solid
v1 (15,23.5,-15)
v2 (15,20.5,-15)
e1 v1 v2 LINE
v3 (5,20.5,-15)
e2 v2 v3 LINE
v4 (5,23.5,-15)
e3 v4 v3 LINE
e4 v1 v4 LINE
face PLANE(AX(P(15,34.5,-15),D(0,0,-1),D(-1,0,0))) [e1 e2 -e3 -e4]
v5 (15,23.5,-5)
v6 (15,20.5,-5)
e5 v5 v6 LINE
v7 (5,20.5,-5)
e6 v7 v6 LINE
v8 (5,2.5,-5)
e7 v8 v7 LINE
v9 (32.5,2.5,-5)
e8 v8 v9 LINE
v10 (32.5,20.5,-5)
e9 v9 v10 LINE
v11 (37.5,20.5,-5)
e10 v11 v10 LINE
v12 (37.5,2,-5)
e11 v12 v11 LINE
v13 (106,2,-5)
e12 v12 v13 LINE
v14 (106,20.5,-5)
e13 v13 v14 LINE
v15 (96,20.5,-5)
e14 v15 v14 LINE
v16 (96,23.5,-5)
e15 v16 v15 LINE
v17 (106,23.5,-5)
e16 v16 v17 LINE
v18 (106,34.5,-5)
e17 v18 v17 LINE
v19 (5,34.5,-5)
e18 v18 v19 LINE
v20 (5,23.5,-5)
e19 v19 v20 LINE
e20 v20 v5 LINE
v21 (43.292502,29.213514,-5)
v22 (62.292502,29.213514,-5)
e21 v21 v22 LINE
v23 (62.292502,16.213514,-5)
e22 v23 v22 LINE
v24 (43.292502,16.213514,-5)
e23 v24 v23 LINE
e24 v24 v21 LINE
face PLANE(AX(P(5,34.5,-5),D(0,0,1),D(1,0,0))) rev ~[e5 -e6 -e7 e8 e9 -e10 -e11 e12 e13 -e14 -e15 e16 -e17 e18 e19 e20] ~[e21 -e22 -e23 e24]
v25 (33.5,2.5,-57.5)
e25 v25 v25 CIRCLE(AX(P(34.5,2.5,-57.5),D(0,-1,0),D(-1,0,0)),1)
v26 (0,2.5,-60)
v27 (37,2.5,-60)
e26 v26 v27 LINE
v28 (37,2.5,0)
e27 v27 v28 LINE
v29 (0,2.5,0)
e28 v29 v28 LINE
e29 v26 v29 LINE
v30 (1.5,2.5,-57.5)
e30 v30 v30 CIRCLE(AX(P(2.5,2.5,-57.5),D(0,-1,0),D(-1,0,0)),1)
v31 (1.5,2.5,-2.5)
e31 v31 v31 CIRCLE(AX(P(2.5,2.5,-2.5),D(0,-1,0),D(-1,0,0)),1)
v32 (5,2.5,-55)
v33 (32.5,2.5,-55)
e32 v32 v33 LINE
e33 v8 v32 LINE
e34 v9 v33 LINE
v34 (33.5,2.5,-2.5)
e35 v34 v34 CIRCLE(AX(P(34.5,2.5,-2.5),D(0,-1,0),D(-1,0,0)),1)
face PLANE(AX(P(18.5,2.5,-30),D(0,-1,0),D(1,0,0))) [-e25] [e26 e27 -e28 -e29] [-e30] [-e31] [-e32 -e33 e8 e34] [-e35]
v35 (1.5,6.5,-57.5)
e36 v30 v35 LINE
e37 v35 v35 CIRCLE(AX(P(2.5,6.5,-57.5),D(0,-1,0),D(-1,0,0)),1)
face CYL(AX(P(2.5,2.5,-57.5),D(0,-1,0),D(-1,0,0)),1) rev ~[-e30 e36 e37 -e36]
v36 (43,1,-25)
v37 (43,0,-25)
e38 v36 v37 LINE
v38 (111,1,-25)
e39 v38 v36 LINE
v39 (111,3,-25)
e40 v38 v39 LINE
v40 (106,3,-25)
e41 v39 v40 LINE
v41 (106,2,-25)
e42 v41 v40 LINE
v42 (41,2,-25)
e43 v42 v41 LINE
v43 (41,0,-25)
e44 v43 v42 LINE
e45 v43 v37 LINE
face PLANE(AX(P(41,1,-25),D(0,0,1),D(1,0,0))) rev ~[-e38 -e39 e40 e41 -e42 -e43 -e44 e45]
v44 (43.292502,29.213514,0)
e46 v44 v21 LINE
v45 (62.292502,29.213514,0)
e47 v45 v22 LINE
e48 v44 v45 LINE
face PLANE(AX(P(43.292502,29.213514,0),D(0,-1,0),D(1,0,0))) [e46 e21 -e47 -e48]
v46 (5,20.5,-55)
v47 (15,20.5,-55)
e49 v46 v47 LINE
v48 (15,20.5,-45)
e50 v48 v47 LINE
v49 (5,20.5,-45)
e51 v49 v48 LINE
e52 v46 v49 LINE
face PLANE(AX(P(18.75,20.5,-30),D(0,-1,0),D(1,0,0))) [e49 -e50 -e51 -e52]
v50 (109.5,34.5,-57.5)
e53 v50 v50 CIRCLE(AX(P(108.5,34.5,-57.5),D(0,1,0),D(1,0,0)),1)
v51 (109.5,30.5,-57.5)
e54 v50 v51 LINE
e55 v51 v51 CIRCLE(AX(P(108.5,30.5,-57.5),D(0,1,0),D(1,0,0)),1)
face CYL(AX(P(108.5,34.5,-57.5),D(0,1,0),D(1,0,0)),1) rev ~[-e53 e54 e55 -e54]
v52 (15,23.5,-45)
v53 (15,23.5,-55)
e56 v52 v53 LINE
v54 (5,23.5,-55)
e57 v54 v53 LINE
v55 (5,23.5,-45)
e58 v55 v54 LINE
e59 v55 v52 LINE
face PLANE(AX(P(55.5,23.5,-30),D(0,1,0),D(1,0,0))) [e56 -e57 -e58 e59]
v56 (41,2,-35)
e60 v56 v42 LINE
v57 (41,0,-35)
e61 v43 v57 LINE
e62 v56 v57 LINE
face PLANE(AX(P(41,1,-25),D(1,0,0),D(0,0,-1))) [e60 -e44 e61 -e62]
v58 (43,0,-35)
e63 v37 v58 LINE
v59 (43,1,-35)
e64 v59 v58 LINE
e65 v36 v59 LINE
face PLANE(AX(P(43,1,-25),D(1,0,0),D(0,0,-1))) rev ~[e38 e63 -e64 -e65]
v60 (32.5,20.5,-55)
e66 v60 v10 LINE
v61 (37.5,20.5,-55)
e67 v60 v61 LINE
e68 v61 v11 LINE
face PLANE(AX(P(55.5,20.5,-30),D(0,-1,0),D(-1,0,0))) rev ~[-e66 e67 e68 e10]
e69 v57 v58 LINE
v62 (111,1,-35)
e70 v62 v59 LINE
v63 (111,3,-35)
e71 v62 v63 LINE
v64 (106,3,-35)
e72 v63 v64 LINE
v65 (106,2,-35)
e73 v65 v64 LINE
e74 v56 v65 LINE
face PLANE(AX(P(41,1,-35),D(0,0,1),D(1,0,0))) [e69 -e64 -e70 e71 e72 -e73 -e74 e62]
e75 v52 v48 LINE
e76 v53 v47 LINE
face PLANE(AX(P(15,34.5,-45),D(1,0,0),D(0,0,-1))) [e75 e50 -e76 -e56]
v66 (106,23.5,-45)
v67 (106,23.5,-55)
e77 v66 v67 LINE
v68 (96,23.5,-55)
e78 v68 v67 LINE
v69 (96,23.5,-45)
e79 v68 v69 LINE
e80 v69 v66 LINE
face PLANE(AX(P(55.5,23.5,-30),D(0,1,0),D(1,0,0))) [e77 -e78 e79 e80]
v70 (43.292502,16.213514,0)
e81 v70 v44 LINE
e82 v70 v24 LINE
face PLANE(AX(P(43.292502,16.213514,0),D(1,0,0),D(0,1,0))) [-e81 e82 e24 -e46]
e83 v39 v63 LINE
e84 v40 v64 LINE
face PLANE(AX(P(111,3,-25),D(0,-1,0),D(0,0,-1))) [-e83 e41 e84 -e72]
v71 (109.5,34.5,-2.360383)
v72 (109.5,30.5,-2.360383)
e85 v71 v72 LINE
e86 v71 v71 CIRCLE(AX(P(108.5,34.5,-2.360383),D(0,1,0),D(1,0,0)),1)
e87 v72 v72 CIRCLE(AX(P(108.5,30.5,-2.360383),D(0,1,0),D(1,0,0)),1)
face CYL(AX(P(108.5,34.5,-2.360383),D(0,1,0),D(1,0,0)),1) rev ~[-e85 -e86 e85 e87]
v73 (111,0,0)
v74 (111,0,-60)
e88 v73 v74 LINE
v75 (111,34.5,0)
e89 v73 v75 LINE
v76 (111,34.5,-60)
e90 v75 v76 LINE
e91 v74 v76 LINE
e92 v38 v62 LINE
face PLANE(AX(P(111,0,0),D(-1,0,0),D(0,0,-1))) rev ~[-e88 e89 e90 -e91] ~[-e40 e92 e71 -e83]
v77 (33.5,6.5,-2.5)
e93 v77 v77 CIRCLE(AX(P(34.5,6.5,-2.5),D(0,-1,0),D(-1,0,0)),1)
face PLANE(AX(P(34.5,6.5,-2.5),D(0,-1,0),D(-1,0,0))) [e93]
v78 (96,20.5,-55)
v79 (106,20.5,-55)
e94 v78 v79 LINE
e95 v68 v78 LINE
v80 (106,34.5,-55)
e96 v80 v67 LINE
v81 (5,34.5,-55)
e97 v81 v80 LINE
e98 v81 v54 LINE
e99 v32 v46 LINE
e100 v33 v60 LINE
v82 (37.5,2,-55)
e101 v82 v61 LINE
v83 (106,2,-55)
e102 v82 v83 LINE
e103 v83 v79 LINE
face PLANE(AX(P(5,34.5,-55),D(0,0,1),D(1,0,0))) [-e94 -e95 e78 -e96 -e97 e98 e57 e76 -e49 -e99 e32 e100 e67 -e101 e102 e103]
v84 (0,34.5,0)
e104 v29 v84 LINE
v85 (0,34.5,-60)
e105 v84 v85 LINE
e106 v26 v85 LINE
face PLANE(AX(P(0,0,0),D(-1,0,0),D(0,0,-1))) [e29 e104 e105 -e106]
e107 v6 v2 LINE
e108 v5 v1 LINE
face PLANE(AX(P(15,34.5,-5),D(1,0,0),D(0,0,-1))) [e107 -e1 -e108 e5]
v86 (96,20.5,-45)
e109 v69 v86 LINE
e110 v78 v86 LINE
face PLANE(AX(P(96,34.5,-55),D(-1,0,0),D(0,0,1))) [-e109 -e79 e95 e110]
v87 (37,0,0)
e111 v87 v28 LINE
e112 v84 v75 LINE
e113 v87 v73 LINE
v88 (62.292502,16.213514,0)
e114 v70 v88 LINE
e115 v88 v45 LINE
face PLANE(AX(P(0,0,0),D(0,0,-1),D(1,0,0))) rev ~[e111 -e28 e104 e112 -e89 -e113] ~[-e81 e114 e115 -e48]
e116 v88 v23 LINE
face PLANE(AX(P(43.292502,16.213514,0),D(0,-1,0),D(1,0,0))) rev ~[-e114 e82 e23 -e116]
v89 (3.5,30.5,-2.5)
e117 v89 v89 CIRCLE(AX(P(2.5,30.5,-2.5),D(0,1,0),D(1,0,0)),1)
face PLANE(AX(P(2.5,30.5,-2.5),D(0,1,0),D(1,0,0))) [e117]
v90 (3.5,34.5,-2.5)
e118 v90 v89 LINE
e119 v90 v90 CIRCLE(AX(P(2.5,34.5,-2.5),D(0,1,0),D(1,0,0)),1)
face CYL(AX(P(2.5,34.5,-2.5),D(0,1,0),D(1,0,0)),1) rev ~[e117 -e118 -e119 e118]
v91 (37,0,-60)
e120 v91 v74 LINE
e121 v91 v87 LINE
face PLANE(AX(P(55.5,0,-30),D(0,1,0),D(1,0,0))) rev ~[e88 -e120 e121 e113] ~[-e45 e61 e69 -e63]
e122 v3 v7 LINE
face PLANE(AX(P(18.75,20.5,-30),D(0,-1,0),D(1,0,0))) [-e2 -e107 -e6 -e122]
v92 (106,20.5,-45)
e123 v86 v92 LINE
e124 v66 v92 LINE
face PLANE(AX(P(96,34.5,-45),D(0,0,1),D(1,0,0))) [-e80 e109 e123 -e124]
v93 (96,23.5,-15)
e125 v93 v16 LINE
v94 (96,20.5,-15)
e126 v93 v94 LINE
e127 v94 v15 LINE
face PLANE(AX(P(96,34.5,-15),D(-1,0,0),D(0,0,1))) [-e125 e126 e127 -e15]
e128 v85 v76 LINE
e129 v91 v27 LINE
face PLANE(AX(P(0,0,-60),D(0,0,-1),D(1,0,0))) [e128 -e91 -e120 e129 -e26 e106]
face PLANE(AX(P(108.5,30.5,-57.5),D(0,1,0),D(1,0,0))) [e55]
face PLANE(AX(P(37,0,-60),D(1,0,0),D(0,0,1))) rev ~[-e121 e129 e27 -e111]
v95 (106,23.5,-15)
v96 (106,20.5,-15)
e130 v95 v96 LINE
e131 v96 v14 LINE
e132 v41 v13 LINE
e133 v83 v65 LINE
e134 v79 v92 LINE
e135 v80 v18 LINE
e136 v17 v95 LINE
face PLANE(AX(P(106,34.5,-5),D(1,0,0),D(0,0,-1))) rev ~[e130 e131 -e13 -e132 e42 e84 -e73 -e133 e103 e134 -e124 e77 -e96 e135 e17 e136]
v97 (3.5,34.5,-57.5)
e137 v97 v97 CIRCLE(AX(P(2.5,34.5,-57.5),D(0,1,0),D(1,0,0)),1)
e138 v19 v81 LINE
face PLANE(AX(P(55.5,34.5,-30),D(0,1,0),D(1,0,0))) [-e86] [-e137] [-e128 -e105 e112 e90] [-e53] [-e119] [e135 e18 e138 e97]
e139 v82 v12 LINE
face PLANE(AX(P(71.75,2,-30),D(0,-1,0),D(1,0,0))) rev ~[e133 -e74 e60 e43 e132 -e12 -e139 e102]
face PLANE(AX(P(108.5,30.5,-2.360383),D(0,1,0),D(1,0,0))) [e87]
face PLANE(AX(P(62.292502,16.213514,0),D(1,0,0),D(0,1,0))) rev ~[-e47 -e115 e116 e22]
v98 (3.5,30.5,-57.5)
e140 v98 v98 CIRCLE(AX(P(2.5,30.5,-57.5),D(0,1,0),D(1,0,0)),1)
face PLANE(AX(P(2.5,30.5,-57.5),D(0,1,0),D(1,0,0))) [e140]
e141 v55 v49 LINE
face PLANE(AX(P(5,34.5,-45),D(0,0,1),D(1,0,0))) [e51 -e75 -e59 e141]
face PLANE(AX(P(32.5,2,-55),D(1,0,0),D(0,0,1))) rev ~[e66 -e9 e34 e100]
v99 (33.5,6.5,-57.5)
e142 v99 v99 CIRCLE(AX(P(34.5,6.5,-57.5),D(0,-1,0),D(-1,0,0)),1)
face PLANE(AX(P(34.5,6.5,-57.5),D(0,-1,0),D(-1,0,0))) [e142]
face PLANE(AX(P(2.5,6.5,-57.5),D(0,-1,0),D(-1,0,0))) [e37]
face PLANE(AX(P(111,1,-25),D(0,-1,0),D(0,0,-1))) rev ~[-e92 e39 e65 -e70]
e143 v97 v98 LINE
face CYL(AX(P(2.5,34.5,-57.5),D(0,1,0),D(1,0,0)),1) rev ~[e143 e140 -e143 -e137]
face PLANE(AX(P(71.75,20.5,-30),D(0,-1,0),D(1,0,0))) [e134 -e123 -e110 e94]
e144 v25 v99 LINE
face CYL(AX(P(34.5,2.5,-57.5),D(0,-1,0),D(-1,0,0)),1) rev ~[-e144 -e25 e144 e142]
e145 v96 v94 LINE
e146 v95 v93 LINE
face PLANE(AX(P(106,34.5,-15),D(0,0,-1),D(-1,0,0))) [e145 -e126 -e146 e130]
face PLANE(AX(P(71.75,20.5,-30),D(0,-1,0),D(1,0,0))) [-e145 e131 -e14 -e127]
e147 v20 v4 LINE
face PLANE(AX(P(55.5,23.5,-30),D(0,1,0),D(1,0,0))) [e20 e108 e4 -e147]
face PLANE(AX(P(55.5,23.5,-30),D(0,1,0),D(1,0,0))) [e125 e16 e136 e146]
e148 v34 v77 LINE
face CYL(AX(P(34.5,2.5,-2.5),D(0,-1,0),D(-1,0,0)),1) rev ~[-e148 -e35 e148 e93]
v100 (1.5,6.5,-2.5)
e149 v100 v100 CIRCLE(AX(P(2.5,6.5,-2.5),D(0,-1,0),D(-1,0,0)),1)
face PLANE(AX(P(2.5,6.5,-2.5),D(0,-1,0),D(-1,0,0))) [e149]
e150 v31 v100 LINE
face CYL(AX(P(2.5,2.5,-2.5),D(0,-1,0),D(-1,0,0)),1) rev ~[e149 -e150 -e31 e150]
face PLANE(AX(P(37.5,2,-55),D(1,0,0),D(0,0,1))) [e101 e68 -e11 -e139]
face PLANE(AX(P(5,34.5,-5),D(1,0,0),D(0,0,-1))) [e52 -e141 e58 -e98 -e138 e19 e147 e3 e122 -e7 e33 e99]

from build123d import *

# Parameters (mm, degrees)
SKETCH1_W           = 111
SKETCH1_H           = 60
BOSS_EXTRUDE1_DEPTH = 34.5
SKETCH2_W           = 101
SKETCH2_H           = 50
CUT_EXTRUDE1_DEPTH  = 11
CUT_EXTRUDE3_DEPTH  = 14
CUT_EXTRUDE5_START  = -2
SKETCH5_W           = 27.5
SKETCH5_H           = 50
SKETCH5_W_2         = 68.5
CUT_EXTRUDE5_DEPTH  = 18.5
SKETCH6_W           = 37
SKETCH6_H           = 60
CUT_EXTRUDE6_DEPTH  = 2.5
SKETCH7_R           = 1
CUT_EXTRUDE7_DEPTH  = 4
SKETCH8_R           = 1
CUT_EXTRUDE8_DEPTH  = 4
SKETCH9_W           = 19
SKETCH9_H           = 13
CUT_EXTRUDE9_DEPTH  = 10
SKETCH10_W          = 10
SKETCH10_H          = 2
CUT_EXTRUDE10_DEPTH = 70
SKETCH11_W          = 2
SKETCH11_H          = 10
CUT_EXTRUDE11_DEPTH = 2


with BuildPart() as part:
    # Sketch1 → Boss-Extrude1 (new body)
    with BuildSketch(Plane(origin=(0, 0, 0), x_dir=(1, 0, 0), z_dir=(0, 1, 0))):
        with Locations((55.5, 30)):
            Rectangle(SKETCH1_W, SKETCH1_H)
    extrude(amount=BOSS_EXTRUDE1_DEPTH)

    # Sketch2 → Cut-Extrude1 (cut)
    with BuildSketch(Plane(origin=(0, 34.5, 0), x_dir=(1, 0, 0), z_dir=(0, 1, 0))):
        with Locations((55.5, 30)):
            Rectangle(SKETCH2_W, SKETCH2_H)
    extrude(amount=-CUT_EXTRUDE1_DEPTH, mode=Mode.SUBTRACT)

    # Sketch3 → Cut-Extrude3 (cut)
    with BuildSketch(Plane(origin=(0, 34.5, 0), x_dir=(1, 0, 0), z_dir=(0, 1, 0))):
        Polygon((5, 45), (15, 45), (15, 55), (96, 55), (96, 45), (106, 45), (106, 15), (96, 15), (96, 5), (15, 5), (15, 15), (5, 15), align=None)
    extrude(amount=-CUT_EXTRUDE3_DEPTH, mode=Mode.SUBTRACT)

    # Sketch5 → Cut-Extrude5 (cut)
    with BuildSketch(Plane.XZ.offset(CUT_EXTRUDE5_START)):
        with Locations((18.75, -30)):
            Rectangle(SKETCH5_W, SKETCH5_H)
        with Locations((71.75, -30)):
            Rectangle(SKETCH5_W_2, SKETCH5_H)
    extrude(amount=-CUT_EXTRUDE5_DEPTH, mode=Mode.SUBTRACT)

    # Sketch6 → Cut-Extrude6 (cut)
    with BuildSketch(Plane.XZ):
        with Locations((18.5, -30)):
            Rectangle(SKETCH6_W, SKETCH6_H)
    extrude(amount=-CUT_EXTRUDE6_DEPTH, mode=Mode.SUBTRACT)

    # Sketch7 → Cut-Extrude7 (cut)
    with BuildSketch(Plane(origin=(0, 2.5, 0), x_dir=(-1, 0, 0), z_dir=(0, -1, 0))):
        with Locations((-2.5, 57.5)):
            Circle(SKETCH7_R)
        with Locations((-34.5, 57.5)):
            Circle(SKETCH7_R)
        with Locations((-34.5, 2.5)):
            Circle(SKETCH7_R)
        with Locations((-2.5, 2.5)):
            Circle(SKETCH7_R)
    extrude(amount=-CUT_EXTRUDE7_DEPTH, mode=Mode.SUBTRACT)

    # Sketch8 → Cut-Extrude8 (cut)
    with BuildSketch(Plane(origin=(0, 34.5, 0), x_dir=(1, 0, 0), z_dir=(0, 1, 0))):
        with Locations((2.5, 57.5)):
            Circle(SKETCH8_R)
        with Locations((108.5, 57.5)):
            Circle(SKETCH8_R)
        with Locations((108.5, 2.360383006)):
            Circle(SKETCH8_R)
        with Locations((2.5, 2.5)):
            Circle(SKETCH8_R)
    extrude(amount=-CUT_EXTRUDE8_DEPTH, mode=Mode.SUBTRACT)

    # Sketch9 → Cut-Extrude9 (cut)
    with BuildSketch(Plane.XY):
        with Locations((52.792502494, 22.713514363)):
            Rectangle(SKETCH9_W, SKETCH9_H)
    extrude(amount=-CUT_EXTRUDE9_DEPTH, mode=Mode.SUBTRACT)

    # Sketch10 → Cut-Extrude10 (cut)
    with BuildSketch(Plane(origin=(111, 0, 0), x_dir=(0, 0, -1), z_dir=(1, 0, 0))):
        with Locations((30, 2)):
            Rectangle(SKETCH10_W, SKETCH10_H)
    extrude(amount=-CUT_EXTRUDE10_DEPTH, mode=Mode.SUBTRACT)

    # Sketch11 → Cut-Extrude11 (cut, through all)
    with BuildSketch(Plane(origin=(0, 1, 0), x_dir=(1, 0, 0), z_dir=(0, 1, 0))):
        with Locations((42, 30)):
            Rectangle(SKETCH11_W, SKETCH11_H)
    extrude(amount=-CUT_EXTRUDE11_DEPTH, mode=Mode.SUBTRACT)


solid = part.part
